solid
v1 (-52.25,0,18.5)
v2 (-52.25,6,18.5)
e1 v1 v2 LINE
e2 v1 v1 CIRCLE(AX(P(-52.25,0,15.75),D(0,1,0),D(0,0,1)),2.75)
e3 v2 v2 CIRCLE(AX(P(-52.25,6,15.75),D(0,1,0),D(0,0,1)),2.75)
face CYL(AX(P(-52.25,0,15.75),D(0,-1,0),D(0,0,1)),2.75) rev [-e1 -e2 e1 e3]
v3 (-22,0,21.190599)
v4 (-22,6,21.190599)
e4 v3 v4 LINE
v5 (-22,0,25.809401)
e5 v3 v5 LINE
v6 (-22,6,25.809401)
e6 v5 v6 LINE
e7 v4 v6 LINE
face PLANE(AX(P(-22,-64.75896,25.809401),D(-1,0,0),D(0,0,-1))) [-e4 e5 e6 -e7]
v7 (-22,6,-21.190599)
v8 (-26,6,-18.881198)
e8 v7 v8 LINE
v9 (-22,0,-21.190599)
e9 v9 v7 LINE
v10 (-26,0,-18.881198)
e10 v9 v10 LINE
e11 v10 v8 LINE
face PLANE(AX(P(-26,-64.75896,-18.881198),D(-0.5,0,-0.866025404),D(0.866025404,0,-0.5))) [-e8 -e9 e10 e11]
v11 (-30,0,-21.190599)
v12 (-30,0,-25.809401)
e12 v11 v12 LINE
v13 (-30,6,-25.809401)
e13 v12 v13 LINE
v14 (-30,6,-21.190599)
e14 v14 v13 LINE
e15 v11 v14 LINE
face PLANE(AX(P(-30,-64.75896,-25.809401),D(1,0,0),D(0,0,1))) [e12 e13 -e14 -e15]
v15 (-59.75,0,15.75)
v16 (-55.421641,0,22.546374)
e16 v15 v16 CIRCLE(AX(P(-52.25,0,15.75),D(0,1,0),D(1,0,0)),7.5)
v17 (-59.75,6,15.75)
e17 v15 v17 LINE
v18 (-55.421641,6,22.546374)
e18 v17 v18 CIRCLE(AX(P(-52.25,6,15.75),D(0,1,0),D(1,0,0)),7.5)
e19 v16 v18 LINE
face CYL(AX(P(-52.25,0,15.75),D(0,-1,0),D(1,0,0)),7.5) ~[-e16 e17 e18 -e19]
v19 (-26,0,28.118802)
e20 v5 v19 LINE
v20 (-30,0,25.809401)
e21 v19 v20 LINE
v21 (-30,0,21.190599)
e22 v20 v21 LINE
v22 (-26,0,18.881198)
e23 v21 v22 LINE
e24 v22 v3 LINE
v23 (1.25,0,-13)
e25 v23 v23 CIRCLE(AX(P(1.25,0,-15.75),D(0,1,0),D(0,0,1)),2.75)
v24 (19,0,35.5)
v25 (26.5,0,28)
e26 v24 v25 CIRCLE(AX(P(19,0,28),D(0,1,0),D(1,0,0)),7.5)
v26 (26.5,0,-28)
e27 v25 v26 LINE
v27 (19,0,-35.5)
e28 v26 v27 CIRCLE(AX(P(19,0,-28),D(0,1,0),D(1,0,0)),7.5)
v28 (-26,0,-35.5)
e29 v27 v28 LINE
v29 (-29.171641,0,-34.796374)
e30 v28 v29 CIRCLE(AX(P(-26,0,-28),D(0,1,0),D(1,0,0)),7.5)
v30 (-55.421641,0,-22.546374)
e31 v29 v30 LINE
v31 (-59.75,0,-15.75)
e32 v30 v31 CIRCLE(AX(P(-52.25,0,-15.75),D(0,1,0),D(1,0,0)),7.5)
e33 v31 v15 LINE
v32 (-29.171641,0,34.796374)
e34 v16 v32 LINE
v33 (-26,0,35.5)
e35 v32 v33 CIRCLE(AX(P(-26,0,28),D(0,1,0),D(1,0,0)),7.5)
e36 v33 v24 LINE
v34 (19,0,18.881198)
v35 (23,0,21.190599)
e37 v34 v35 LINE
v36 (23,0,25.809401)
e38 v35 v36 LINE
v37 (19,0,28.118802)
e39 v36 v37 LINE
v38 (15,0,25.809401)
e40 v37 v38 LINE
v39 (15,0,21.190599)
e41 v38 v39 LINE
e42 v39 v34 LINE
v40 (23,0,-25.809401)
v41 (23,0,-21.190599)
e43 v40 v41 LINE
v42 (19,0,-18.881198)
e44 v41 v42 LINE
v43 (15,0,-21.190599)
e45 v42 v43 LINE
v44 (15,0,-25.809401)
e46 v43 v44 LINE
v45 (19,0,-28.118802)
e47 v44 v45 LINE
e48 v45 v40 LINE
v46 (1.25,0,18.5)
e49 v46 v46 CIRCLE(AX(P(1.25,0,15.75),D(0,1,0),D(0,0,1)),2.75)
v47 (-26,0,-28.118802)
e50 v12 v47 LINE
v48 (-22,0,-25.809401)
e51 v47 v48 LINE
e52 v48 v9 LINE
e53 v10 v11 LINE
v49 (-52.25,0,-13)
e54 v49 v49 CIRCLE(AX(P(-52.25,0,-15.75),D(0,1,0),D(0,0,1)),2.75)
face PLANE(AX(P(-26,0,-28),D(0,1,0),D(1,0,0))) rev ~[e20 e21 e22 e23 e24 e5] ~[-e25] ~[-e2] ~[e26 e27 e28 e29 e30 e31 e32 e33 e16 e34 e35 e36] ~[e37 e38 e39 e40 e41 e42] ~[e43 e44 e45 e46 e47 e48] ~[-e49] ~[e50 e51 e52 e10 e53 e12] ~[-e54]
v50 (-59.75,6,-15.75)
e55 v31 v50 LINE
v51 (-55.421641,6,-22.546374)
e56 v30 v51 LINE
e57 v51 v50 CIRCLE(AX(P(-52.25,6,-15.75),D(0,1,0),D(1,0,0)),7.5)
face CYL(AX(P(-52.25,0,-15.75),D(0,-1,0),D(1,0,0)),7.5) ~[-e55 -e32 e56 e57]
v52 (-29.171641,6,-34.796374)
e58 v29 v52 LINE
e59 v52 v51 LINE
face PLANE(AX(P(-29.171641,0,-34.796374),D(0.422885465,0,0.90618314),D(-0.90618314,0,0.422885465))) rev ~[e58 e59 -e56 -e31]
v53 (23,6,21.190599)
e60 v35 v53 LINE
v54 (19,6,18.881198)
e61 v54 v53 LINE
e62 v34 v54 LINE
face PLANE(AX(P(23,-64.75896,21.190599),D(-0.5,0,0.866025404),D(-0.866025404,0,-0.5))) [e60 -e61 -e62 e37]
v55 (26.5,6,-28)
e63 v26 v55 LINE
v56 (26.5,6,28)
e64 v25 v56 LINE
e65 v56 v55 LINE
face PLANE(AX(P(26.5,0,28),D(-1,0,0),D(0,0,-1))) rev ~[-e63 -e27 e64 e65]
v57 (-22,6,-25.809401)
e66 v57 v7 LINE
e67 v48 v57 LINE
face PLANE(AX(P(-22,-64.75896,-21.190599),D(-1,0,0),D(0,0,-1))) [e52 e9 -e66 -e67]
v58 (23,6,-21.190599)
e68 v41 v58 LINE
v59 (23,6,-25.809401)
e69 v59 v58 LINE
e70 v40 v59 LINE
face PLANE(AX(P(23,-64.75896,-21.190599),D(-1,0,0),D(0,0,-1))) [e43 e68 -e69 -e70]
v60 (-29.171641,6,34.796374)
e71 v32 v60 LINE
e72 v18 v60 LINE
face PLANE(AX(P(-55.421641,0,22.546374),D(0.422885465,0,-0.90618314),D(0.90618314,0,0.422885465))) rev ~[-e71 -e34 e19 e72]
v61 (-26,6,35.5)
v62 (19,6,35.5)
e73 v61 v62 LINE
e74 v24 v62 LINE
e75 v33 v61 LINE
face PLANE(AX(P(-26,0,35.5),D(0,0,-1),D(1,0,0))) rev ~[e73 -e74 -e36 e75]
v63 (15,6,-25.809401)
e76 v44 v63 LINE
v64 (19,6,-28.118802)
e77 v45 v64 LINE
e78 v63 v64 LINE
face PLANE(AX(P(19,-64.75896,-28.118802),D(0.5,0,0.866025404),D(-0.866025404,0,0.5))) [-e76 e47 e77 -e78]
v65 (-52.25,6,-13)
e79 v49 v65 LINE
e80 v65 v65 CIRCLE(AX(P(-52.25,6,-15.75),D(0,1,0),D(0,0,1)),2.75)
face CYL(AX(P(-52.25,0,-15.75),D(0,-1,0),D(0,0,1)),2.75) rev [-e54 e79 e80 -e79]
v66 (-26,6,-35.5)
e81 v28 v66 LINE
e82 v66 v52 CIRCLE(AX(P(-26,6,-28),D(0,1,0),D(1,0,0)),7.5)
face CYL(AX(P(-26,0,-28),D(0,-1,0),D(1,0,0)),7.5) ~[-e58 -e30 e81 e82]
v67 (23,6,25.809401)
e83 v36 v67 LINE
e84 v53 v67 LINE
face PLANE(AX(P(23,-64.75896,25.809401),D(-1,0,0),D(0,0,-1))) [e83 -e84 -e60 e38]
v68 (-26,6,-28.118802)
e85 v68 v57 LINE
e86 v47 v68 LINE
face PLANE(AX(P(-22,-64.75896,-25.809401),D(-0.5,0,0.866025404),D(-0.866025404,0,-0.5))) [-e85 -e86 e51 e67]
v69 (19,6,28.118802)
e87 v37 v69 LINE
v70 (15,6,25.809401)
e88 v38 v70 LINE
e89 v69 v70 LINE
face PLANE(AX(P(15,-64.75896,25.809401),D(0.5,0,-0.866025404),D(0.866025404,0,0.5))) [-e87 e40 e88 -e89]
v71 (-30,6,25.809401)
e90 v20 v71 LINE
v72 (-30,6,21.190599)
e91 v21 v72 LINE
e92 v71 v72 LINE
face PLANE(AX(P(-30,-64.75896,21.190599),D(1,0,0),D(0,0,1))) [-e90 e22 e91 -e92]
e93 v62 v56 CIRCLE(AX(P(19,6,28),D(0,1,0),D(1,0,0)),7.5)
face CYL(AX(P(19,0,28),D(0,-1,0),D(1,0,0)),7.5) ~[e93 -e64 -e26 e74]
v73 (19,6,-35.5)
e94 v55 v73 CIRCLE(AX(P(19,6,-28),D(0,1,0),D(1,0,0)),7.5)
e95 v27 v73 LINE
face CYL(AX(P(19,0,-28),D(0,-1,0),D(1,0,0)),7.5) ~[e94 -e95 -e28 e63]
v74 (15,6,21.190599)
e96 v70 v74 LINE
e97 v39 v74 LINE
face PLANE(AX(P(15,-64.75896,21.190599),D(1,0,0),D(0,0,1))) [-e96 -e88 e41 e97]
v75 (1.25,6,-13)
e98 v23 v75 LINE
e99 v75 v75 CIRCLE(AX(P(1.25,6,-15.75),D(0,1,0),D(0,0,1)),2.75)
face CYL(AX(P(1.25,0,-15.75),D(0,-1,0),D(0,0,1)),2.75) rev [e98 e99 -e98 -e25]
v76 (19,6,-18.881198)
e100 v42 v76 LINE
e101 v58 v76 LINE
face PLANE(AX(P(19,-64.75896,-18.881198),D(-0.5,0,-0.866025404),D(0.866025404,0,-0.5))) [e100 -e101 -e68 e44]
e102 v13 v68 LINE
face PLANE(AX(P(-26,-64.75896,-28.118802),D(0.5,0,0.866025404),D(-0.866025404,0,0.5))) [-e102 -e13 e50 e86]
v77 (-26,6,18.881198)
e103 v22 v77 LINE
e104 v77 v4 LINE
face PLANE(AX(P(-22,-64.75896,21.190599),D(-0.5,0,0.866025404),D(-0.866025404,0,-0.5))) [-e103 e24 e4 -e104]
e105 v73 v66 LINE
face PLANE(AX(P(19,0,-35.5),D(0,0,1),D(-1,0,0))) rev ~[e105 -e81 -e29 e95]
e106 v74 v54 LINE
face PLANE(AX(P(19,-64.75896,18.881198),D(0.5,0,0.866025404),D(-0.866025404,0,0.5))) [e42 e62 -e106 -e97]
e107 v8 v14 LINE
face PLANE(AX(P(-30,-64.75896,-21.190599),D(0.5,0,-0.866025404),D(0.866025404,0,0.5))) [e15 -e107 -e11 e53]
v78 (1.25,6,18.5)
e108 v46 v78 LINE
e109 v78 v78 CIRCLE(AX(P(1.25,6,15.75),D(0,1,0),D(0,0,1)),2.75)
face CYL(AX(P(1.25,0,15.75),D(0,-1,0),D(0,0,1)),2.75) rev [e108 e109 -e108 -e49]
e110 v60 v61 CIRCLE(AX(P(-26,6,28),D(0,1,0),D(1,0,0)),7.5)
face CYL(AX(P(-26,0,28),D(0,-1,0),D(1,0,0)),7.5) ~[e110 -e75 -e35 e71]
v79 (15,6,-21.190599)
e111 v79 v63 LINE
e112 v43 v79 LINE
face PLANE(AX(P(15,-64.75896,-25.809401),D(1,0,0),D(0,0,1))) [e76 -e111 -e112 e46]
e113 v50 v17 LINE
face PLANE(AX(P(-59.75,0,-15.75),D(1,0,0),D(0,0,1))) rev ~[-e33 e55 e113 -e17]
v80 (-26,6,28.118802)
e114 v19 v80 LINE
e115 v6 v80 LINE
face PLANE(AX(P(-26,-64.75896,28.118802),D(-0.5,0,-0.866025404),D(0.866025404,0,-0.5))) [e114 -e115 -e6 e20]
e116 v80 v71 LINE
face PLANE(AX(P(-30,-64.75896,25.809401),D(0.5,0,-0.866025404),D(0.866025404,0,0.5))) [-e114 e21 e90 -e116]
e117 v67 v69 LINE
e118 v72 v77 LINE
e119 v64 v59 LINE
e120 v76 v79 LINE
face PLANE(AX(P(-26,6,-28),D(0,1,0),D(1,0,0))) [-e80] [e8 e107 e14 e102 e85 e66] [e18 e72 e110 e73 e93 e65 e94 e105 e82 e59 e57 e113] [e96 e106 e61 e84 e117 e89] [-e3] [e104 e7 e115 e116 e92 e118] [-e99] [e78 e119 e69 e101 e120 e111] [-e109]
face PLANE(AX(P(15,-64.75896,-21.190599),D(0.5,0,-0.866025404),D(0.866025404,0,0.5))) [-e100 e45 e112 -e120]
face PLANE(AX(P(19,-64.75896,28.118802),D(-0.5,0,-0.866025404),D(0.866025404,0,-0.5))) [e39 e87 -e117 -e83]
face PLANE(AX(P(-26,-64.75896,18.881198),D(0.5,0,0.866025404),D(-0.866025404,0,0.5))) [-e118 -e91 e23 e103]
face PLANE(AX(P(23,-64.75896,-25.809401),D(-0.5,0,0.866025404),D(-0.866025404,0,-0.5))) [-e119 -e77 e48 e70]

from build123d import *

# Parameters (mm, degrees)
SKETCH1_R               = 7.5
SKETCH1_R_2             = 2.75
SKETCH1_R_3             = 2.5
BOSS_EXTRUDE1_DEPTH     = 6
CUT_EXTRUDE1_DEPTH      = 70.758959998
CUT_EXTRUDE1_DEPTH_BACK = 70.758959998


with BuildPart() as part:
    # Sketch1 → Boss-Extrude1 (new body)
    # profile 1 of 7: a face of its own
    with BuildSketch(Plane(origin=(0, 0, 0), x_dir=(1, 0, 0), z_dir=(0, 1, 0))):
        with Locations((-52.25, 15.75)):
            Circle(SKETCH1_R)
        with Locations(Location((-52.25, 15.75, 0), (0, 0, 270))):
            Circle(SKETCH1_R_2, mode=Mode.SUBTRACT)
    # profile 2 of 7: a face of its own
    with BuildSketch(Plane(origin=(0, 0, 0), x_dir=(1, 0, 0), z_dir=(0, 1, 0))):
        with BuildLine():
            ThreePointArc((-44.75, 15.75), (-52.25, 8.25), (-59.75, 15.75))
            Line((-59.75, 15.75), (-59.75, -15.75))
            ThreePointArc((-59.75, -15.75), (-52.25, -8.25), (-44.75, -15.75))
            ThreePointArc((-44.75, -15.75), (-48.221185498, -22.076029854), (-55.42164099, -22.54637355))
            Line((-55.42164099, -22.54637355), (-29.17164099, -34.79637355))
            ThreePointArc((-29.17164099, -34.79637355), (-30.028814502, -21.673970146), (-18.5, -28))
            ThreePointArc((-18.5, -28), (-20.696699141, -33.303300859), (-26, -35.5))
            Line((-26, -35.5), (19, -35.5))
            ThreePointArc((19, -35.5), (13.696699141, -22.696699141), (26.5, -28))
            Line((26.5, -28), (26.5, 28))
            ThreePointArc((26.5, 28), (13.696699141, 22.696699141), (19, 35.5))
            Line((19, 35.5), (-26, 35.5))
            ThreePointArc((-26, 35.5), (-20.696699141, 33.303300859), (-18.5, 28))
            ThreePointArc((-18.5, 28), (-30.028814502, 21.673970146), (-29.17164099, 34.79637355))
            Line((-29.17164099, 34.79637355), (-55.42164099, 22.54637355))
            ThreePointArc((-55.42164099, 22.54637355), (-48.221185498, 22.076029854), (-44.75, 15.75))
        make_face()
        with Locations(Location((1.25, -15.75, 0), (0, 0, 270))):
            Circle(SKETCH1_R_2, mode=Mode.SUBTRACT)
        with Locations(Location((1.25, 15.75, 0), (0, 0, 270))):
            Circle(SKETCH1_R_2, mode=Mode.SUBTRACT)
    # profile 3 of 7: a face of its own
    with BuildSketch(Plane(origin=(0, 0, 0), x_dir=(1, 0, 0), z_dir=(0, 1, 0))):
        with Locations((-52.25, -15.75)):
            Circle(SKETCH1_R)
        with Locations(Location((-52.25, -15.75, 0), (0, 0, 270))):
            Circle(SKETCH1_R_2, mode=Mode.SUBTRACT)
    # profile 4 of 7: a face of its own
    with BuildSketch(Plane(origin=(0, 0, 0), x_dir=(1, 0, 0), z_dir=(0, 1, 0))):
        with Locations((-26, -28)):
            Circle(SKETCH1_R)
        with Locations(Location((-26, -23.5, 0), (0, 0, 270))):
            Circle(SKETCH1_R_3, mode=Mode.SUBTRACT)
    # profile 5 of 7: a face of its own
    with BuildSketch(Plane(origin=(0, 0, 0), x_dir=(1, 0, 0), z_dir=(0, 1, 0))):
        with Locations((19, -28)):
            Circle(SKETCH1_R)
        with Locations(Location((19, -23.5, 0), (0, 0, 270))):
            Circle(SKETCH1_R_3, mode=Mode.SUBTRACT)
    # profile 6 of 7: a face of its own
    with BuildSketch(Plane(origin=(0, 0, 0), x_dir=(1, 0, 0), z_dir=(0, 1, 0))):
        with Locations((19, 28)):
            Circle(SKETCH1_R)
        with Locations(Location((19, 23.5, 0), (0, 0, 270))):
            Circle(SKETCH1_R_3, mode=Mode.SUBTRACT)
    # profile 7 of 7: a face of its own
    with BuildSketch(Plane(origin=(0, 0, 0), x_dir=(1, 0, 0), z_dir=(0, 1, 0))):
        with Locations((-26, 28)):
            Circle(SKETCH1_R)
        with Locations(Location((-26, 23.5, 0), (0, 0, 270))):
            Circle(SKETCH1_R_3, mode=Mode.SUBTRACT)
    extrude(amount=BOSS_EXTRUDE1_DEPTH)

    # Sketch2 → Cut-Extrude1 (cut, two sides: drawn at the far end of the back side and taken through both)
    with BuildSketch(Plane(origin=(0, 6, 0), x_dir=(1, 0, 0), z_dir=(0, 1, 0)).offset(-CUT_EXTRUDE1_DEPTH_BACK)):
        Polygon((-26, 18.881197846), (-22, 21.190598923), (-22, 25.809401077), (-26, 28.118802154), (-30, 25.809401077), (-30, 21.190598923), align=None)
        Polygon((-26, -18.881197846), (-30, -21.190598923), (-30, -25.809401077), (-26, -28.118802154), (-22, -25.809401077), (-22, -21.190598923), align=None)
        Polygon((15, -25.809401077), (19, -28.118802154), (23, -25.809401077), (23, -21.190598923), (19, -18.881197846), (15, -21.190598923), align=None)
        Polygon((19, 18.881197846), (23, 21.190598923), (23, 25.809401077), (19, 28.118802154), (15, 25.809401077), (15, 21.190598923), align=None)
    extrude(amount=CUT_EXTRUDE1_DEPTH + CUT_EXTRUDE1_DEPTH_BACK, mode=Mode.SUBTRACT)


solid = part.part
